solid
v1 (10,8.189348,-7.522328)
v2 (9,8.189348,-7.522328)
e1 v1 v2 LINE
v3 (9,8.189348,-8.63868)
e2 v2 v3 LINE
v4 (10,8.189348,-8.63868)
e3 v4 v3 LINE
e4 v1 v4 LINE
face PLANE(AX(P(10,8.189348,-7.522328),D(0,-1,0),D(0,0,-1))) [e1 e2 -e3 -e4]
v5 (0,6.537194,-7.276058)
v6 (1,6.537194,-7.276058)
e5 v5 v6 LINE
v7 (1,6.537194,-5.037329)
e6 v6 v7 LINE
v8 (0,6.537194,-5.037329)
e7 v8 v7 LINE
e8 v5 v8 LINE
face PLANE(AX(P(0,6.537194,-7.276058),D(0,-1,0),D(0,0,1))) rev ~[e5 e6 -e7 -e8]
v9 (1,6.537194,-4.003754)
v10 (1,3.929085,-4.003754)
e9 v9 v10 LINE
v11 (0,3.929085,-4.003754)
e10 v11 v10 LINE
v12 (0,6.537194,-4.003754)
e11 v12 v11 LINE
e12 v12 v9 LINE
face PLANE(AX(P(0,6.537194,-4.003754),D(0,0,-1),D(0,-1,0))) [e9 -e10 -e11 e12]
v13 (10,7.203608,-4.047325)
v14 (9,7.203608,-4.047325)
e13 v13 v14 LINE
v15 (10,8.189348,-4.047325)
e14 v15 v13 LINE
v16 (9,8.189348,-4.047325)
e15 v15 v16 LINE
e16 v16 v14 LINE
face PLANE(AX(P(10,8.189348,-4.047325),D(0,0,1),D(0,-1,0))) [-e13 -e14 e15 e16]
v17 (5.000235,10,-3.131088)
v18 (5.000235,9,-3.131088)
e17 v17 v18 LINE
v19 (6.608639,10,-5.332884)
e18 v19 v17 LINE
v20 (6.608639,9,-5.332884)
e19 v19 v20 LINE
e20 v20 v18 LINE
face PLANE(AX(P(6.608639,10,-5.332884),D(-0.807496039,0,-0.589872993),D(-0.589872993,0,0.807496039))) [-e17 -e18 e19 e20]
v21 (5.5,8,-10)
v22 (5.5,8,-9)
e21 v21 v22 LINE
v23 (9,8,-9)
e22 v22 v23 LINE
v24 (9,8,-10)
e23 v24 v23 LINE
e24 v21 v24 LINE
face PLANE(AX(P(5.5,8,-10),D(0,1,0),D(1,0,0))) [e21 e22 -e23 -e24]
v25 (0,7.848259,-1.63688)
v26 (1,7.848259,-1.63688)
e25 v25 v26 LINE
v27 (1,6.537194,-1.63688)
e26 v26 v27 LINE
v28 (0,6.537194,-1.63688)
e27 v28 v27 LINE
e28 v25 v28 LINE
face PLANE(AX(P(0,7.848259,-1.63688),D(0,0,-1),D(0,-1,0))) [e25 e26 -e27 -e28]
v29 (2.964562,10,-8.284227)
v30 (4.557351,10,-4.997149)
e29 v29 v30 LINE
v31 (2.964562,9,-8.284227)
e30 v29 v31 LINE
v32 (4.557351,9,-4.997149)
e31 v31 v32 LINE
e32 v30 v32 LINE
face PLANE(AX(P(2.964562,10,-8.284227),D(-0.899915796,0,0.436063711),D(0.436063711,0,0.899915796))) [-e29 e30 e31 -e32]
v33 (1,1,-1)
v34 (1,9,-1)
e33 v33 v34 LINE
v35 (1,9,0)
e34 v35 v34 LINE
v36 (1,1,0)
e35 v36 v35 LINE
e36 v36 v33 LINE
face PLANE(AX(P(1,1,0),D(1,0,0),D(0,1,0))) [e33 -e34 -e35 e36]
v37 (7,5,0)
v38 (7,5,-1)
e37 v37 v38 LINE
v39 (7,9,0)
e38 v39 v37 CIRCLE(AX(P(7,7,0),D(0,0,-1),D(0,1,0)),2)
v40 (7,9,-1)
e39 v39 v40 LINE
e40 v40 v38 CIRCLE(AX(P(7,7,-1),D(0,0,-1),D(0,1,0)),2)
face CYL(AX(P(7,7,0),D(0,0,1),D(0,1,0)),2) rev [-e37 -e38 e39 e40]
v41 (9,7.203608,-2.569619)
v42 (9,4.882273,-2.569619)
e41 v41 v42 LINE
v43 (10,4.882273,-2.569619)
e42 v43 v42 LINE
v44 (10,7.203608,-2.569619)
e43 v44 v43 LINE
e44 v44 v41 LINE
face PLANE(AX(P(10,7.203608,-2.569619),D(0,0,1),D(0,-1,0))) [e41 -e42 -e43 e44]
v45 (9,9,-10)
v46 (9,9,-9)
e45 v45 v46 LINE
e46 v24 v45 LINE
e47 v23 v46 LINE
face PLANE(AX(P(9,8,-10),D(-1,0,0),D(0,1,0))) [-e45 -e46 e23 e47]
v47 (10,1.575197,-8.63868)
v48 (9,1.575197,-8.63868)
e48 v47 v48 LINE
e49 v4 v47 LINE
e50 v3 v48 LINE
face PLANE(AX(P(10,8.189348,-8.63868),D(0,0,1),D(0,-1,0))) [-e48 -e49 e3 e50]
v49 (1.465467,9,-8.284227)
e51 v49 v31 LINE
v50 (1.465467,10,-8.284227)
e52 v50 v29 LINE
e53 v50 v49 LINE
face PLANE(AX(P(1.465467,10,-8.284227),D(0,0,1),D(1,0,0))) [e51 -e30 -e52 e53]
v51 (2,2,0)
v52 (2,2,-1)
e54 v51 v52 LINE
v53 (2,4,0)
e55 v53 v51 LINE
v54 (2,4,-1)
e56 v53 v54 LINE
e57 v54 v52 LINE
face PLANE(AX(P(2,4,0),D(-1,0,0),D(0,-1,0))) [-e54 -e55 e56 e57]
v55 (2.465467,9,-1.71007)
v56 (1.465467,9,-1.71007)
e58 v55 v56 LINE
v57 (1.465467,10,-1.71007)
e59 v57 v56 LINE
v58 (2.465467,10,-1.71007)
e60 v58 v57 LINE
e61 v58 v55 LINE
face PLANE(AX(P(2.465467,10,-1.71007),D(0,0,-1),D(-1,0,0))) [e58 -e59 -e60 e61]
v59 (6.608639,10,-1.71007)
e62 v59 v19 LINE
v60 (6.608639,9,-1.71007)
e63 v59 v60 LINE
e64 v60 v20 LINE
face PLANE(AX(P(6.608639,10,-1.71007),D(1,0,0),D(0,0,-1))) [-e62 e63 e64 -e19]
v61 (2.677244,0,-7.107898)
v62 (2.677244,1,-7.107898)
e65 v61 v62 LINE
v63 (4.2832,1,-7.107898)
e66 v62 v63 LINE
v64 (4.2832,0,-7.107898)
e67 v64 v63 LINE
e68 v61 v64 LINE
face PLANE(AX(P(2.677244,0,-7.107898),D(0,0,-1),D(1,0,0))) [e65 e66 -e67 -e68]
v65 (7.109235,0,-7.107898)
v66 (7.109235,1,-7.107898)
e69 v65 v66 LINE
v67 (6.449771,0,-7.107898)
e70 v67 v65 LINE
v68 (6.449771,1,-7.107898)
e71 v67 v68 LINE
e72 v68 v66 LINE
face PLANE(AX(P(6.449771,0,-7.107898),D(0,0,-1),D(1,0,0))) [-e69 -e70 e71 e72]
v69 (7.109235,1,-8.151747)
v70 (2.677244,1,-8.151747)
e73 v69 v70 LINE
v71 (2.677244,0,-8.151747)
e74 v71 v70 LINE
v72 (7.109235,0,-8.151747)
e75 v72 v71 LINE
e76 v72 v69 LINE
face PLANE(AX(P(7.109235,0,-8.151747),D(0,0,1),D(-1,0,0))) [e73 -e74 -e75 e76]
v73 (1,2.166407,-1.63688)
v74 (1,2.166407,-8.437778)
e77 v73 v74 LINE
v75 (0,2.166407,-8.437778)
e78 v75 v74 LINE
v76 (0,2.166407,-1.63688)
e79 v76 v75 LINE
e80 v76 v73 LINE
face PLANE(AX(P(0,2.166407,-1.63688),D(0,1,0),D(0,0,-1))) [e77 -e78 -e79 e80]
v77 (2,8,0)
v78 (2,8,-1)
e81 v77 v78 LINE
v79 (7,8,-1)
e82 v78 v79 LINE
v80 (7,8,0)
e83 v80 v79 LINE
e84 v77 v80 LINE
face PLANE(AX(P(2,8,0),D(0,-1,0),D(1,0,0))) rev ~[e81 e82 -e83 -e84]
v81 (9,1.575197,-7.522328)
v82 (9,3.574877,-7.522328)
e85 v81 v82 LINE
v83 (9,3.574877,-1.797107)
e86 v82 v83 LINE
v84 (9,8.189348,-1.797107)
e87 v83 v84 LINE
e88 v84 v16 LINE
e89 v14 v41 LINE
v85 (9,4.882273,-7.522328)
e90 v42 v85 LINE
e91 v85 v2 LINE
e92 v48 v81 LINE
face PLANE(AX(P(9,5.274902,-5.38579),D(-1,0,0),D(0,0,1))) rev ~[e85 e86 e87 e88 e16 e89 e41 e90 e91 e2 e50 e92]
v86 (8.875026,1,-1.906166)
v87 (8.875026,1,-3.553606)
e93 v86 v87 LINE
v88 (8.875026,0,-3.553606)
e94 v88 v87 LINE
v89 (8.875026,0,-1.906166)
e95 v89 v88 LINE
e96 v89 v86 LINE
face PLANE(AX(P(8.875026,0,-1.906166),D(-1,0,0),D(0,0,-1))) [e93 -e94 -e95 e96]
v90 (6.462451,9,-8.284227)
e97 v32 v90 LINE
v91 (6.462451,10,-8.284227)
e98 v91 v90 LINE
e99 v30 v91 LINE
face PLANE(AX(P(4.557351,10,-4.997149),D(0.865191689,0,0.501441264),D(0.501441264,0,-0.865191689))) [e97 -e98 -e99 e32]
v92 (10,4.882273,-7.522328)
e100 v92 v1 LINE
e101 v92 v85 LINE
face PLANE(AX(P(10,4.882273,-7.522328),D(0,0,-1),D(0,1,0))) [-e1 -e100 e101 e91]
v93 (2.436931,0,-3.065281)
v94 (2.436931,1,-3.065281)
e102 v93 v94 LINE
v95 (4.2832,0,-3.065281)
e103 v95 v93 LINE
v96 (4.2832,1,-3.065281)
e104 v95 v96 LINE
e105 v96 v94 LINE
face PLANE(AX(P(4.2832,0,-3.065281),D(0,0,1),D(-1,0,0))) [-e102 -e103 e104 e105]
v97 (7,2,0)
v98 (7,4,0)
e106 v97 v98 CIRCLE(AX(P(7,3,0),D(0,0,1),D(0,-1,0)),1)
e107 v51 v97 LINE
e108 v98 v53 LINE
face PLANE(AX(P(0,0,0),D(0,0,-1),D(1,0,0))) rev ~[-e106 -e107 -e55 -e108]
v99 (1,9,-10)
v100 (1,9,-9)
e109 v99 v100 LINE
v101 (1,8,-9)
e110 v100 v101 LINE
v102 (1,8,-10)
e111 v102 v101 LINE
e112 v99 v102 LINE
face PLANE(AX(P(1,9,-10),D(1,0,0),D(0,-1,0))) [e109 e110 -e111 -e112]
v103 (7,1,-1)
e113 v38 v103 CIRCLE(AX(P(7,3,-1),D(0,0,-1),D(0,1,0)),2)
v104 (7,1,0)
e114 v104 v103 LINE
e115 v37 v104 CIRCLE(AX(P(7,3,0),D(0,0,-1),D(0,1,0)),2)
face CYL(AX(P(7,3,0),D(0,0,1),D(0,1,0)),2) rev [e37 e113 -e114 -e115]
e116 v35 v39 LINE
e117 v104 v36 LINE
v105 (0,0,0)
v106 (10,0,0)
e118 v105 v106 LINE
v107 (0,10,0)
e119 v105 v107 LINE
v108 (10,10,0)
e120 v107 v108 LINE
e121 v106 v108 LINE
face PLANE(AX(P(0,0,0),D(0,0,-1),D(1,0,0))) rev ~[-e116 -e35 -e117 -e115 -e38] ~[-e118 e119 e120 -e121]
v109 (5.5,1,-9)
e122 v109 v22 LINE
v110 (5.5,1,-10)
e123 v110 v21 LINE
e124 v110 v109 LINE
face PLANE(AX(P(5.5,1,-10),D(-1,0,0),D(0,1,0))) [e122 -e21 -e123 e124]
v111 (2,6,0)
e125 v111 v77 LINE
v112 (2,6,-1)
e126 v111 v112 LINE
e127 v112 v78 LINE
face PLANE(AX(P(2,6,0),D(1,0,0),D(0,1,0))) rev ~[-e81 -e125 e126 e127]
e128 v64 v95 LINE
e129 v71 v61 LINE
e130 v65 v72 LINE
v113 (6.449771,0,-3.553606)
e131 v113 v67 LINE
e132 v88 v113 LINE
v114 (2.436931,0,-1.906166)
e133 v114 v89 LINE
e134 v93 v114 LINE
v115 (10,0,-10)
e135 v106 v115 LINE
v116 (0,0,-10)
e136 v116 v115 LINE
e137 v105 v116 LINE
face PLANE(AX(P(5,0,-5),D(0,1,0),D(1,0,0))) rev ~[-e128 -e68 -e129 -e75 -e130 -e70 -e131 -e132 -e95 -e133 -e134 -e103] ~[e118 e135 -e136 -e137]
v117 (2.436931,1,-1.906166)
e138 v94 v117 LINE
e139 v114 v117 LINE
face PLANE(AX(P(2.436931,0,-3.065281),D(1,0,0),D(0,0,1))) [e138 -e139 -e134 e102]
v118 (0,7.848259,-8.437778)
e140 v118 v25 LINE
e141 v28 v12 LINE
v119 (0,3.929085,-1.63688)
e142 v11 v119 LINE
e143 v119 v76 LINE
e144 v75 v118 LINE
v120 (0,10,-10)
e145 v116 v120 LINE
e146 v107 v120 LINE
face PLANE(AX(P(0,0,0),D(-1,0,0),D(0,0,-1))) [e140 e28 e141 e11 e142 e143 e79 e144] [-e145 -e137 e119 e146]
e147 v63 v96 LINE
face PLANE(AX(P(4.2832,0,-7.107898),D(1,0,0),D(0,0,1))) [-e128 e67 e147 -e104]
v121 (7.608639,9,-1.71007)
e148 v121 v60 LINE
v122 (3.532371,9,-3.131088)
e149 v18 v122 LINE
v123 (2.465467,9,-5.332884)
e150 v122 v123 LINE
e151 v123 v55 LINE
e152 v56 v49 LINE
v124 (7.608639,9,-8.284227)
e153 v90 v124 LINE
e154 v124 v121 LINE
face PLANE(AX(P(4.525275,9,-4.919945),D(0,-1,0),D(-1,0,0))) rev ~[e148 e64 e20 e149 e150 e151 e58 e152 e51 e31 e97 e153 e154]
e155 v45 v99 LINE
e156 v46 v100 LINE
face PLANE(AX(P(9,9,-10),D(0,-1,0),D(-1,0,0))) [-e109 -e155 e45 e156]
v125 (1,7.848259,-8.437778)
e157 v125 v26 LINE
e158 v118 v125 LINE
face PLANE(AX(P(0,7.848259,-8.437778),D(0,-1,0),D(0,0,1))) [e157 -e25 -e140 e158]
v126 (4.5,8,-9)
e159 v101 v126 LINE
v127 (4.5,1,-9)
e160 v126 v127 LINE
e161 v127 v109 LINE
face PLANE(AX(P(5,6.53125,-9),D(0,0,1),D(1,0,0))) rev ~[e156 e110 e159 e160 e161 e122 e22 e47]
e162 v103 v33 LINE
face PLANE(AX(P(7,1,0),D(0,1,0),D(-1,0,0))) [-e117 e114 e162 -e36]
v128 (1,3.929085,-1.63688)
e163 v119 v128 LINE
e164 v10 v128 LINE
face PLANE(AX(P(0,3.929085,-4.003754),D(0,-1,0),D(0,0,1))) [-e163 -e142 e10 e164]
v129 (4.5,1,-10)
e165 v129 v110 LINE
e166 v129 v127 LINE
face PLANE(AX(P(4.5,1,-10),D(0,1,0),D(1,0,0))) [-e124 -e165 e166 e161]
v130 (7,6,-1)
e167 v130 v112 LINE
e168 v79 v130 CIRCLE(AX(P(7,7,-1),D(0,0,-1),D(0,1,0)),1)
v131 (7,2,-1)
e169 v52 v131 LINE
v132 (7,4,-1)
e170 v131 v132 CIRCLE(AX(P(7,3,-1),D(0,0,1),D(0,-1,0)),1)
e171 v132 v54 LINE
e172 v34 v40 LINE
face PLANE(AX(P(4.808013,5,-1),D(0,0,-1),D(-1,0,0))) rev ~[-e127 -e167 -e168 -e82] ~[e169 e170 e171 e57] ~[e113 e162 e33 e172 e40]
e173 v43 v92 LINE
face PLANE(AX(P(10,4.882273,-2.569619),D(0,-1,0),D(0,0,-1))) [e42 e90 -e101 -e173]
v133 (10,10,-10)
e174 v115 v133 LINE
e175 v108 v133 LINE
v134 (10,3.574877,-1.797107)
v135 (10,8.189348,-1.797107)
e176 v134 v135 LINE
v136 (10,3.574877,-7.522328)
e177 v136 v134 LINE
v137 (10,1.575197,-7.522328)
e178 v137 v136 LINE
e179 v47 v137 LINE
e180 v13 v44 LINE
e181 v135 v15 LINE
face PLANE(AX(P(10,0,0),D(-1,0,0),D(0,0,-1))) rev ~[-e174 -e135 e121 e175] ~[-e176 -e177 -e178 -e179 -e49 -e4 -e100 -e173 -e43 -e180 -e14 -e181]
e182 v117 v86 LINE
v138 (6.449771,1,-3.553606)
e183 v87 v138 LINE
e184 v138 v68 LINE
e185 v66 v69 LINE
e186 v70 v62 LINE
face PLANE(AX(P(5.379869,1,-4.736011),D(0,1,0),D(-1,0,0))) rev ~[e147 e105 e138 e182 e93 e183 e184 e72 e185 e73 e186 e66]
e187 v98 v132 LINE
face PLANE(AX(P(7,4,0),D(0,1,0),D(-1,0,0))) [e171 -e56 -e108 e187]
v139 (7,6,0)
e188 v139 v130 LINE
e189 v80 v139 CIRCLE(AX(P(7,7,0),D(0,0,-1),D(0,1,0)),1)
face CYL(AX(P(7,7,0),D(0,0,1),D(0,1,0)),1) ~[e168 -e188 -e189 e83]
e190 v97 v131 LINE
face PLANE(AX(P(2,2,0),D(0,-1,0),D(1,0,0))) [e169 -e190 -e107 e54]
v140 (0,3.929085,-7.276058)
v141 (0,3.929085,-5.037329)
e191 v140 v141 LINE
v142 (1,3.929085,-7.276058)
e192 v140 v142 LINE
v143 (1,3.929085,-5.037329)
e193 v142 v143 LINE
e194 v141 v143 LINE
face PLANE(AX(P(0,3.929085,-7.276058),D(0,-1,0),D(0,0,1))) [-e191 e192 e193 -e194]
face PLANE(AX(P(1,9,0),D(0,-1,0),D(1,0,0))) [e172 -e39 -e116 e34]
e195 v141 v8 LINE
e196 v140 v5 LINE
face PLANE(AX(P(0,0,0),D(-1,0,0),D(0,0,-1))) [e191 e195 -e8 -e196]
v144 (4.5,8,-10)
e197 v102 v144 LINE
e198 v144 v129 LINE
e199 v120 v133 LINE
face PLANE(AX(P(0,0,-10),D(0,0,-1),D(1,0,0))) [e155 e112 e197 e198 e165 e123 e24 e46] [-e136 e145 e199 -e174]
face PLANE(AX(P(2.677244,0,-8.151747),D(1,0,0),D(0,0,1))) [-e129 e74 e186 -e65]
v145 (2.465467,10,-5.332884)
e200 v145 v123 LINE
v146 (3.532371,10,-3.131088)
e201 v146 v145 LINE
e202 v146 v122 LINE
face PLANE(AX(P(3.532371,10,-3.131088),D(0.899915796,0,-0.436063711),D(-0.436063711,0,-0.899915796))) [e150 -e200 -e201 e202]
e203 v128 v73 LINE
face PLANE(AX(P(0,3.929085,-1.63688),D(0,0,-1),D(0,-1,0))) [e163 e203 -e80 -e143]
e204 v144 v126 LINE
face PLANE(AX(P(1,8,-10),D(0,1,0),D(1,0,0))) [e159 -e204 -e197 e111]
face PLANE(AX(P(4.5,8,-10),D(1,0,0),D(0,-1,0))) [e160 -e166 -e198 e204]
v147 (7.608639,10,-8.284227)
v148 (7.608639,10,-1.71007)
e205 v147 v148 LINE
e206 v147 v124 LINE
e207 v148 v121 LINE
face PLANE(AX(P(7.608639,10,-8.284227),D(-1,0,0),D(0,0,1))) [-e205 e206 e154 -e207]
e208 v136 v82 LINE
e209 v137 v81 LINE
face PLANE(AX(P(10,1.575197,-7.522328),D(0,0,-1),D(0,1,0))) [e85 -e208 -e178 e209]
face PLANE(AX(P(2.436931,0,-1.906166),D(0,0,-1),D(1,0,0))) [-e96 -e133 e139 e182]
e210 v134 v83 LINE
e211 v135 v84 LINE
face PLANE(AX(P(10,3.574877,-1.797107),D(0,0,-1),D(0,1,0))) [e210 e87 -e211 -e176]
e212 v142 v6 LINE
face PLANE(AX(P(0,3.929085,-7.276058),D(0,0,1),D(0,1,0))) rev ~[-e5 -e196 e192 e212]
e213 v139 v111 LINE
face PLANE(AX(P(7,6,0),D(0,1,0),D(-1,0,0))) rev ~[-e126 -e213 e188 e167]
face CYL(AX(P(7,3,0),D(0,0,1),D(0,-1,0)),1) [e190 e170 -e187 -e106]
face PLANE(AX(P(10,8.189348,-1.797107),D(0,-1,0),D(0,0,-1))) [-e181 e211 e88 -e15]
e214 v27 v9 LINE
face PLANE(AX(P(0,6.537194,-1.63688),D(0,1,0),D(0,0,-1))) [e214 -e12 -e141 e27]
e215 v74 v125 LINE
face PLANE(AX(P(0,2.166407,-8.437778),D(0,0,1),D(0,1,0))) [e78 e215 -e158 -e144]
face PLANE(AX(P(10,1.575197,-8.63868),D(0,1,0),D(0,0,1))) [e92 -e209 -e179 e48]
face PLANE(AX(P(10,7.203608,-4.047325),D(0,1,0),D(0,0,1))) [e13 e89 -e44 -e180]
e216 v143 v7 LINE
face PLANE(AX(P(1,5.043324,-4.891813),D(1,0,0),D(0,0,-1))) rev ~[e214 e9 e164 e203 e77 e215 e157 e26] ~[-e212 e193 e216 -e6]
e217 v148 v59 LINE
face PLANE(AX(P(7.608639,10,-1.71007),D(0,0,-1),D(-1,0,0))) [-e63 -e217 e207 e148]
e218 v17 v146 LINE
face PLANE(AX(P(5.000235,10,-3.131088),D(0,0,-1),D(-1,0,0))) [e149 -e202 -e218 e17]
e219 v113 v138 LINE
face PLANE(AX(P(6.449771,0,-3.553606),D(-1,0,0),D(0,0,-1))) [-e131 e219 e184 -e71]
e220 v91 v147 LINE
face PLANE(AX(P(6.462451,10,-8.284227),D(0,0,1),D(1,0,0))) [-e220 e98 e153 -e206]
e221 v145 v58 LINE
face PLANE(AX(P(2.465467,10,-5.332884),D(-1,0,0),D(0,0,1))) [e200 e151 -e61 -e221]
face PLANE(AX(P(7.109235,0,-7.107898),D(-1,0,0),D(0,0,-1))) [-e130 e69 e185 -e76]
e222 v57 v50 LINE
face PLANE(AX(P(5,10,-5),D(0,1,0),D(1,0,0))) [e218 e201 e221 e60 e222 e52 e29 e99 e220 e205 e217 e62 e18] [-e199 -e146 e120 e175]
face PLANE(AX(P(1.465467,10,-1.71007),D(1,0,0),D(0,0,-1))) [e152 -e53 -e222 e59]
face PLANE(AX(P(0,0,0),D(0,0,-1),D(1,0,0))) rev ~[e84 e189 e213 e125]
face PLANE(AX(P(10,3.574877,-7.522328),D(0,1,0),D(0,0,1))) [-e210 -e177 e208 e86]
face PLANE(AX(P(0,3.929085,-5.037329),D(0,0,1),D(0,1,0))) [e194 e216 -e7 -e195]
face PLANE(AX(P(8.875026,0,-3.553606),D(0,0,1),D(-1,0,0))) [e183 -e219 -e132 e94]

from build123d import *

# Parameters (mm, degrees)
SKETCH1_W           = 10
SKETCH1_H           = 10
BOSS_EXTRUDE1_DEPTH = 10
CUT_EXTRUDE1_DEPTH  = 1
CUT_EXTRUDE2_DEPTH  = 1
CUT_EXTRUDE3_DEPTH  = 1
SKETCH5_W           = 2.238729714
SKETCH5_H           = 2.608108567
CUT_EXTRUDE4_DEPTH  = 1
CUT_EXTRUDE5_DEPTH  = 1
CUT_EXTRUDE6_DEPTH  = 1


with BuildPart() as part:
    # Sketch1 → Boss-Extrude1 (new body)
    with BuildSketch(Plane(origin=(0, 0, 0), x_dir=(1, 0, 0), z_dir=(0, 1, 0))):
        with Locations((5, 5)):
            Rectangle(SKETCH1_W, SKETCH1_H)
    extrude(amount=BOSS_EXTRUDE1_DEPTH)

    # Sketch2 → Cut-Extrude1 (cut)
    with BuildSketch(Plane(origin=(0, 10, 0), x_dir=(1, 0, 0), z_dir=(0, 1, 0))):
        Polygon((1.465466964, 1.710070359), (1.465466964, 8.284227428), (2.964562162, 8.284227428), (4.557350811, 4.997148894), (6.462450959, 8.284227428), (7.608638796, 8.284227428), (7.608638796, 1.710070359), (6.608638796, 1.710070359), (6.608638796, 5.332883756), (5.000234573, 3.131087683), (3.532370524, 3.131087683), (2.465466964, 5.332883756), (2.465466964, 1.710070359), align=None)
    extrude(amount=-CUT_EXTRUDE1_DEPTH, mode=Mode.SUBTRACT)

    # Sketch3 → Cut-Extrude2 (cut)
    with BuildSketch(Plane(origin=(10, 0, 0), x_dir=(0, 0, -1), z_dir=(1, 0, 0))):
        Polygon((8.63868002, 8.189348455), (8.63868002, 1.575196843), (7.522328424, 1.575196843), (7.522328424, 3.574876892), (1.797107491, 3.574876892), (1.797107491, 8.189348455), (4.047324941, 8.189348455), (4.047324941, 7.203608146), (2.569618508, 7.203608146), (2.569618508, 4.882272649), (7.522328424, 4.882272649), (7.522328424, 8.189348455), align=None)
    extrude(amount=-CUT_EXTRUDE2_DEPTH, mode=Mode.SUBTRACT)

    # Sketch4 → Cut-Extrude3 (cut)
    with BuildSketch(Plane.XZ):
        Polygon((7.109235008, -8.151746998), (2.677244084, -8.151746998), (2.677244084, -7.107897794), (4.283200213, -7.107897794), (4.283200213, -3.06528113), (2.436930969, -3.06528113), (2.436930969, -1.906165647), (8.875026218, -1.906165647), (8.875026218, -3.55360609), (6.449771082, -3.55360609), (6.449771082, -7.107897794), (7.109235008, -7.107897794), align=None)
    extrude(amount=-CUT_EXTRUDE3_DEPTH, mode=Mode.SUBTRACT)

    # Sketch5 → Cut-Extrude4 (cut)
    with BuildSketch(Plane.ZY):
        Polygon((-1.636879665, 2.166406858), (-8.437777795, 2.166406858), (-8.437777795, 7.84825918), (-1.636879665, 7.84825918), (-1.636879665, 6.537193973), (-4.003754487, 6.537193973), (-4.003754487, 3.929085406), (-1.636879665, 3.929085406), align=None)
        with Locations((-6.156693587, 5.23313969)):
            Rectangle(SKETCH5_W, SKETCH5_H, mode=Mode.SUBTRACT)
    extrude(amount=-CUT_EXTRUDE4_DEPTH, mode=Mode.SUBTRACT)

    # Sketch6 → Cut-Extrude5 (cut)
    with BuildSketch(Plane(origin=(0, 0, -10), x_dir=(-1, 0, 0), z_dir=(0, 0, -1))):
        Polygon((-9, 9), (-1, 9), (-1, 8), (-4.5, 8), (-4.5, 1), (-5.5, 1), (-5.5, 8), (-9, 8), align=None)
    extrude(amount=-CUT_EXTRUDE5_DEPTH, mode=Mode.SUBTRACT)

    # Sketch7 → Cut-Extrude6 (cut)
    with BuildSketch(Plane.XY):
        with BuildLine():
            ThreePointArc((7, 5), (9, 3), (7, 1))
            Line((7, 1), (1, 1))
            Line((1, 1), (1, 9))
            Line((1, 9), (7, 9))
            ThreePointArc((7, 9), (9, 7), (7, 5))
        make_face()
        with BuildLine():
            Line((2, 8), (7, 8))
            ThreePointArc((7, 8), (8, 7), (7, 6))
            Line((7, 6), (2, 6))
            Line((2, 6), (2, 8))
        make_face(mode=Mode.SUBTRACT)
        with BuildLine():
            Line((7, 4), (2, 4))
            Line((2, 4), (2, 2))
            Line((2, 2), (7, 2))
            ThreePointArc((7, 2), (8, 3), (7, 4))
        make_face(mode=Mode.SUBTRACT)
    extrude(amount=-CUT_EXTRUDE6_DEPTH, mode=Mode.SUBTRACT)


solid = part.part
